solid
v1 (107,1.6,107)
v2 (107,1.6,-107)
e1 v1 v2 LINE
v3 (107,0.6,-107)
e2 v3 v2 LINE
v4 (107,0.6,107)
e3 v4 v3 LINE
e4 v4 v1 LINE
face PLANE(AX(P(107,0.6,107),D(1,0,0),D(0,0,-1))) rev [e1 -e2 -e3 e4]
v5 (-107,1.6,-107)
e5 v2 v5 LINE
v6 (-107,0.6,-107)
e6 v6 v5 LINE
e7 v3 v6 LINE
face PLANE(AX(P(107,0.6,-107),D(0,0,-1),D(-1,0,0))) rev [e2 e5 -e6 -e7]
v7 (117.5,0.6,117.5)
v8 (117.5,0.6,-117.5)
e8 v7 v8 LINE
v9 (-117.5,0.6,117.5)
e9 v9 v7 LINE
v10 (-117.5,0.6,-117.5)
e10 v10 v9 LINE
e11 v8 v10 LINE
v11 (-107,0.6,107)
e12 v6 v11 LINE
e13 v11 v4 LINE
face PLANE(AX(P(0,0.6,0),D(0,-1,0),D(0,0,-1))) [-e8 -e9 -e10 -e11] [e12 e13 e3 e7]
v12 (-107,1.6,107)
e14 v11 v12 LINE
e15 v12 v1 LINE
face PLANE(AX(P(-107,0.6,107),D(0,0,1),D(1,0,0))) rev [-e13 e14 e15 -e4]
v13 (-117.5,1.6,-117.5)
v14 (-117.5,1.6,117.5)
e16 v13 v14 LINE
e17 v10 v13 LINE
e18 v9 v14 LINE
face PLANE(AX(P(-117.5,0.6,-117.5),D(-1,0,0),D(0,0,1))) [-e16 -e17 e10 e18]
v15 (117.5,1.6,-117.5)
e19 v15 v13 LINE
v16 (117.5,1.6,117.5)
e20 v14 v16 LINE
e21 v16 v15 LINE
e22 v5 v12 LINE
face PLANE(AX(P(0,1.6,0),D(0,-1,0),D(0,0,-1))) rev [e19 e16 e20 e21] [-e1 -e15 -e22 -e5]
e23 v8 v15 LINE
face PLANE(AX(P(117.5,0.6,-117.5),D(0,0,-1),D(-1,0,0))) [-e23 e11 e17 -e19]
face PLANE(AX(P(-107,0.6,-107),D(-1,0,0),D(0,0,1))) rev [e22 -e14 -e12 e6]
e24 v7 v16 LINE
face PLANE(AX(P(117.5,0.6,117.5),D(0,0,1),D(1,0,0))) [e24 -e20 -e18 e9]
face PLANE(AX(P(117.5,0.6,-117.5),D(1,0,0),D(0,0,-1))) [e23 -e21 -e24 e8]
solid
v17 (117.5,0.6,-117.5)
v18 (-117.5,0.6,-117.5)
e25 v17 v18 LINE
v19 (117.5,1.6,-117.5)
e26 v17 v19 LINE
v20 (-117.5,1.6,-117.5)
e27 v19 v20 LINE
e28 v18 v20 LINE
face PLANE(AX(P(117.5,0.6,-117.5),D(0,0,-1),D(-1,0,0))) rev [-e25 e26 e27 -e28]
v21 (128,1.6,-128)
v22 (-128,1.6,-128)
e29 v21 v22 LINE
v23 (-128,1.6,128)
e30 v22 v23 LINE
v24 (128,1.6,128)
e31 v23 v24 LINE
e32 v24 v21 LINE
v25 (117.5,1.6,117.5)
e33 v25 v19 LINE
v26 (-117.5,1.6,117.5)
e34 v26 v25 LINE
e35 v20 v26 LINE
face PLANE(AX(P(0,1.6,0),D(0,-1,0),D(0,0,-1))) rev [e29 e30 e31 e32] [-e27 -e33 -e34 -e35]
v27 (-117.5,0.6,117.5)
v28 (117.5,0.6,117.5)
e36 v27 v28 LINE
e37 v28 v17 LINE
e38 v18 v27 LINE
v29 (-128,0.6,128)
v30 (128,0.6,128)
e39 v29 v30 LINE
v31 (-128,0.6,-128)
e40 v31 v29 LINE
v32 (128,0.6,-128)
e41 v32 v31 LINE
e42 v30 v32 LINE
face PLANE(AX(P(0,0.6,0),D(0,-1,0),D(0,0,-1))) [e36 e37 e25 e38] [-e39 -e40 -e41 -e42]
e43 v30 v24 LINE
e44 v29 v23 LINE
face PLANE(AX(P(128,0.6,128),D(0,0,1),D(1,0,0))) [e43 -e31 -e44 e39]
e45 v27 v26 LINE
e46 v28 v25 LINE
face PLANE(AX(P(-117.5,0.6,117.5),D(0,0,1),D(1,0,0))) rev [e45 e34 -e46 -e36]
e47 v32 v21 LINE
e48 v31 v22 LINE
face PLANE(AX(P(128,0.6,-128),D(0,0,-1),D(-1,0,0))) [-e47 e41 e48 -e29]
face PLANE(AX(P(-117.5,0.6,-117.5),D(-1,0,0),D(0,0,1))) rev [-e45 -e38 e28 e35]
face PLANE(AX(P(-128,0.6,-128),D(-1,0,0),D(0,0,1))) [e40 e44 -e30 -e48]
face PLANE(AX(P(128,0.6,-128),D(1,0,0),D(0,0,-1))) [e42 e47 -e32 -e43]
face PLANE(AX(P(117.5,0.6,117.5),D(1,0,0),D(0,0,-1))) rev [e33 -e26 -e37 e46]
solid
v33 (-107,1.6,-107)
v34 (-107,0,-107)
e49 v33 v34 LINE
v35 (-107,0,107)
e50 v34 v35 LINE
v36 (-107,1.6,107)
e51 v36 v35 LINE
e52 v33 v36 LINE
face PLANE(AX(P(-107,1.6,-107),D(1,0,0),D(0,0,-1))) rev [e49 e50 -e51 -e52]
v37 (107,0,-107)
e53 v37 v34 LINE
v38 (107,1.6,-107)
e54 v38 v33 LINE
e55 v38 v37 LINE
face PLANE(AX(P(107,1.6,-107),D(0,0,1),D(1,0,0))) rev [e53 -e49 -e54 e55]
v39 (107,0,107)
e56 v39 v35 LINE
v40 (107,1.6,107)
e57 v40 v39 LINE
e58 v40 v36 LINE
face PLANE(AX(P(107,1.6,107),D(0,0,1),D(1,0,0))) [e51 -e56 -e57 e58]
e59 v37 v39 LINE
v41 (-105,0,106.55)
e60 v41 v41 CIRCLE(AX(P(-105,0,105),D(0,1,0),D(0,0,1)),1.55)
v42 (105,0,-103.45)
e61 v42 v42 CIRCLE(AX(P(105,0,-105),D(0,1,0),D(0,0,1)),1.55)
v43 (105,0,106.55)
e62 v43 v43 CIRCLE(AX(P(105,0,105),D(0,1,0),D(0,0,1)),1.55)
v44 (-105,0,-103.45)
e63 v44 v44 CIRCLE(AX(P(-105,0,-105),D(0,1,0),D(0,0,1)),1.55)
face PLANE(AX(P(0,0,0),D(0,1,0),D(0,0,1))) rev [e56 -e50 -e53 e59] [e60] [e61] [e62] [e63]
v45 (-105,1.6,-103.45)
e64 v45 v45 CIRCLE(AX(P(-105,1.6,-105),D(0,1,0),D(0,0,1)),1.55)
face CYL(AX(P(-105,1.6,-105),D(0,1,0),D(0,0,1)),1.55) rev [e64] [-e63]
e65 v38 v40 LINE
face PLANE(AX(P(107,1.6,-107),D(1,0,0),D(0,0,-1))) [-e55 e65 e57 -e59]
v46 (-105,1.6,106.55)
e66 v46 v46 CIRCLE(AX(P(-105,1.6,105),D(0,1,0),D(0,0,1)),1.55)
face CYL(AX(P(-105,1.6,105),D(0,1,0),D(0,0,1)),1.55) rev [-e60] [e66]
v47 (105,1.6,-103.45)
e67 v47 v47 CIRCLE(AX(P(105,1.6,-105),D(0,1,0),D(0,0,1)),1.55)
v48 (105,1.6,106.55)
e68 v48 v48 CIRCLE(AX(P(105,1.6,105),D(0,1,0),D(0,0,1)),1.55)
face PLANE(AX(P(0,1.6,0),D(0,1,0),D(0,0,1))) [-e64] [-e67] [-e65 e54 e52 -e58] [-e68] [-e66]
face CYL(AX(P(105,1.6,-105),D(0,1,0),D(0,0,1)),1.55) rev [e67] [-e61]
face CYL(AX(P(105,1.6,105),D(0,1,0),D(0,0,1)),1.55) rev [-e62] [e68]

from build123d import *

# Parameters (mm, degrees)
SKETCH1_W                  = 214
SKETCH1_H                  = 214
BOSS_EXTRUDE1_DEPTH        = 1.6
M2_5_CLEARANCE_HOLE1_D     = 3.1
M2_5_CLEARANCE_HOLE1_DEPTH = 11.938
M2_5_CLEARANCE_HOLE1_TIP   = 0.931333959
SKETCH5_W                  = 235
SKETCH5_H                  = 235
SKETCH5_W_2                = 214
SKETCH5_H_2                = 214
BOSS_EXTRUDE2_DEPTH        = 1
SKETCH6_W                  = 256
SKETCH6_H                  = 256
SKETCH6_W_2                = 235
SKETCH6_H_2                = 235
BOSS_EXTRUDE3_DEPTH        = 1


with BuildPart() as part:
    # Sketch1 → Boss-Extrude1 (new body)
    with BuildSketch(Plane(origin=(0, 0, 0), x_dir=(1, 0, 0), z_dir=(0, 1, 0))):
        Rectangle(SKETCH1_W, SKETCH1_H)
    extrude(amount=BOSS_EXTRUDE1_DEPTH)

    # M2.5 Clearance Hole1
    with Locations(Plane(origin=(0, 1.6, 0), x_dir=(1, 0, 0), z_dir=(0, 1, 0))):
        with Locations((-105, 105), (105, 105), (105, -105), (-105, -105)):
            Hole(M2_5_CLEARANCE_HOLE1_D / 2, depth=M2_5_CLEARANCE_HOLE1_DEPTH)
            with Locations((0, 0, -(M2_5_CLEARANCE_HOLE1_DEPTH + M2_5_CLEARANCE_HOLE1_TIP / 2))):  # 118° drill point
                Cone(0, M2_5_CLEARANCE_HOLE1_D / 2, M2_5_CLEARANCE_HOLE1_TIP, mode=Mode.SUBTRACT)


with BuildPart() as body_2:
    # Sketch5 → Boss-Extrude2 (new body)
    with BuildSketch(Plane(origin=(0, 1.6, 0), x_dir=(1, 0, 0), z_dir=(0, 1, 0))):
        Rectangle(SKETCH5_W, SKETCH5_H)
        Rectangle(SKETCH5_W_2, SKETCH5_H_2, mode=Mode.SUBTRACT)
    extrude(amount=-BOSS_EXTRUDE2_DEPTH)


with BuildPart() as body_3:
    # Sketch6 → Boss-Extrude3 (new body)
    with BuildSketch(Plane(origin=(0, 1.6, 0), x_dir=(1, 0, 0), z_dir=(0, 1, 0))):
        Rectangle(SKETCH6_W, SKETCH6_H)
        Rectangle(SKETCH6_W_2, SKETCH6_H_2, mode=Mode.SUBTRACT)
    extrude(amount=-BOSS_EXTRUDE3_DEPTH)


solid = Compound([part.part, body_2.part, body_3.part])
